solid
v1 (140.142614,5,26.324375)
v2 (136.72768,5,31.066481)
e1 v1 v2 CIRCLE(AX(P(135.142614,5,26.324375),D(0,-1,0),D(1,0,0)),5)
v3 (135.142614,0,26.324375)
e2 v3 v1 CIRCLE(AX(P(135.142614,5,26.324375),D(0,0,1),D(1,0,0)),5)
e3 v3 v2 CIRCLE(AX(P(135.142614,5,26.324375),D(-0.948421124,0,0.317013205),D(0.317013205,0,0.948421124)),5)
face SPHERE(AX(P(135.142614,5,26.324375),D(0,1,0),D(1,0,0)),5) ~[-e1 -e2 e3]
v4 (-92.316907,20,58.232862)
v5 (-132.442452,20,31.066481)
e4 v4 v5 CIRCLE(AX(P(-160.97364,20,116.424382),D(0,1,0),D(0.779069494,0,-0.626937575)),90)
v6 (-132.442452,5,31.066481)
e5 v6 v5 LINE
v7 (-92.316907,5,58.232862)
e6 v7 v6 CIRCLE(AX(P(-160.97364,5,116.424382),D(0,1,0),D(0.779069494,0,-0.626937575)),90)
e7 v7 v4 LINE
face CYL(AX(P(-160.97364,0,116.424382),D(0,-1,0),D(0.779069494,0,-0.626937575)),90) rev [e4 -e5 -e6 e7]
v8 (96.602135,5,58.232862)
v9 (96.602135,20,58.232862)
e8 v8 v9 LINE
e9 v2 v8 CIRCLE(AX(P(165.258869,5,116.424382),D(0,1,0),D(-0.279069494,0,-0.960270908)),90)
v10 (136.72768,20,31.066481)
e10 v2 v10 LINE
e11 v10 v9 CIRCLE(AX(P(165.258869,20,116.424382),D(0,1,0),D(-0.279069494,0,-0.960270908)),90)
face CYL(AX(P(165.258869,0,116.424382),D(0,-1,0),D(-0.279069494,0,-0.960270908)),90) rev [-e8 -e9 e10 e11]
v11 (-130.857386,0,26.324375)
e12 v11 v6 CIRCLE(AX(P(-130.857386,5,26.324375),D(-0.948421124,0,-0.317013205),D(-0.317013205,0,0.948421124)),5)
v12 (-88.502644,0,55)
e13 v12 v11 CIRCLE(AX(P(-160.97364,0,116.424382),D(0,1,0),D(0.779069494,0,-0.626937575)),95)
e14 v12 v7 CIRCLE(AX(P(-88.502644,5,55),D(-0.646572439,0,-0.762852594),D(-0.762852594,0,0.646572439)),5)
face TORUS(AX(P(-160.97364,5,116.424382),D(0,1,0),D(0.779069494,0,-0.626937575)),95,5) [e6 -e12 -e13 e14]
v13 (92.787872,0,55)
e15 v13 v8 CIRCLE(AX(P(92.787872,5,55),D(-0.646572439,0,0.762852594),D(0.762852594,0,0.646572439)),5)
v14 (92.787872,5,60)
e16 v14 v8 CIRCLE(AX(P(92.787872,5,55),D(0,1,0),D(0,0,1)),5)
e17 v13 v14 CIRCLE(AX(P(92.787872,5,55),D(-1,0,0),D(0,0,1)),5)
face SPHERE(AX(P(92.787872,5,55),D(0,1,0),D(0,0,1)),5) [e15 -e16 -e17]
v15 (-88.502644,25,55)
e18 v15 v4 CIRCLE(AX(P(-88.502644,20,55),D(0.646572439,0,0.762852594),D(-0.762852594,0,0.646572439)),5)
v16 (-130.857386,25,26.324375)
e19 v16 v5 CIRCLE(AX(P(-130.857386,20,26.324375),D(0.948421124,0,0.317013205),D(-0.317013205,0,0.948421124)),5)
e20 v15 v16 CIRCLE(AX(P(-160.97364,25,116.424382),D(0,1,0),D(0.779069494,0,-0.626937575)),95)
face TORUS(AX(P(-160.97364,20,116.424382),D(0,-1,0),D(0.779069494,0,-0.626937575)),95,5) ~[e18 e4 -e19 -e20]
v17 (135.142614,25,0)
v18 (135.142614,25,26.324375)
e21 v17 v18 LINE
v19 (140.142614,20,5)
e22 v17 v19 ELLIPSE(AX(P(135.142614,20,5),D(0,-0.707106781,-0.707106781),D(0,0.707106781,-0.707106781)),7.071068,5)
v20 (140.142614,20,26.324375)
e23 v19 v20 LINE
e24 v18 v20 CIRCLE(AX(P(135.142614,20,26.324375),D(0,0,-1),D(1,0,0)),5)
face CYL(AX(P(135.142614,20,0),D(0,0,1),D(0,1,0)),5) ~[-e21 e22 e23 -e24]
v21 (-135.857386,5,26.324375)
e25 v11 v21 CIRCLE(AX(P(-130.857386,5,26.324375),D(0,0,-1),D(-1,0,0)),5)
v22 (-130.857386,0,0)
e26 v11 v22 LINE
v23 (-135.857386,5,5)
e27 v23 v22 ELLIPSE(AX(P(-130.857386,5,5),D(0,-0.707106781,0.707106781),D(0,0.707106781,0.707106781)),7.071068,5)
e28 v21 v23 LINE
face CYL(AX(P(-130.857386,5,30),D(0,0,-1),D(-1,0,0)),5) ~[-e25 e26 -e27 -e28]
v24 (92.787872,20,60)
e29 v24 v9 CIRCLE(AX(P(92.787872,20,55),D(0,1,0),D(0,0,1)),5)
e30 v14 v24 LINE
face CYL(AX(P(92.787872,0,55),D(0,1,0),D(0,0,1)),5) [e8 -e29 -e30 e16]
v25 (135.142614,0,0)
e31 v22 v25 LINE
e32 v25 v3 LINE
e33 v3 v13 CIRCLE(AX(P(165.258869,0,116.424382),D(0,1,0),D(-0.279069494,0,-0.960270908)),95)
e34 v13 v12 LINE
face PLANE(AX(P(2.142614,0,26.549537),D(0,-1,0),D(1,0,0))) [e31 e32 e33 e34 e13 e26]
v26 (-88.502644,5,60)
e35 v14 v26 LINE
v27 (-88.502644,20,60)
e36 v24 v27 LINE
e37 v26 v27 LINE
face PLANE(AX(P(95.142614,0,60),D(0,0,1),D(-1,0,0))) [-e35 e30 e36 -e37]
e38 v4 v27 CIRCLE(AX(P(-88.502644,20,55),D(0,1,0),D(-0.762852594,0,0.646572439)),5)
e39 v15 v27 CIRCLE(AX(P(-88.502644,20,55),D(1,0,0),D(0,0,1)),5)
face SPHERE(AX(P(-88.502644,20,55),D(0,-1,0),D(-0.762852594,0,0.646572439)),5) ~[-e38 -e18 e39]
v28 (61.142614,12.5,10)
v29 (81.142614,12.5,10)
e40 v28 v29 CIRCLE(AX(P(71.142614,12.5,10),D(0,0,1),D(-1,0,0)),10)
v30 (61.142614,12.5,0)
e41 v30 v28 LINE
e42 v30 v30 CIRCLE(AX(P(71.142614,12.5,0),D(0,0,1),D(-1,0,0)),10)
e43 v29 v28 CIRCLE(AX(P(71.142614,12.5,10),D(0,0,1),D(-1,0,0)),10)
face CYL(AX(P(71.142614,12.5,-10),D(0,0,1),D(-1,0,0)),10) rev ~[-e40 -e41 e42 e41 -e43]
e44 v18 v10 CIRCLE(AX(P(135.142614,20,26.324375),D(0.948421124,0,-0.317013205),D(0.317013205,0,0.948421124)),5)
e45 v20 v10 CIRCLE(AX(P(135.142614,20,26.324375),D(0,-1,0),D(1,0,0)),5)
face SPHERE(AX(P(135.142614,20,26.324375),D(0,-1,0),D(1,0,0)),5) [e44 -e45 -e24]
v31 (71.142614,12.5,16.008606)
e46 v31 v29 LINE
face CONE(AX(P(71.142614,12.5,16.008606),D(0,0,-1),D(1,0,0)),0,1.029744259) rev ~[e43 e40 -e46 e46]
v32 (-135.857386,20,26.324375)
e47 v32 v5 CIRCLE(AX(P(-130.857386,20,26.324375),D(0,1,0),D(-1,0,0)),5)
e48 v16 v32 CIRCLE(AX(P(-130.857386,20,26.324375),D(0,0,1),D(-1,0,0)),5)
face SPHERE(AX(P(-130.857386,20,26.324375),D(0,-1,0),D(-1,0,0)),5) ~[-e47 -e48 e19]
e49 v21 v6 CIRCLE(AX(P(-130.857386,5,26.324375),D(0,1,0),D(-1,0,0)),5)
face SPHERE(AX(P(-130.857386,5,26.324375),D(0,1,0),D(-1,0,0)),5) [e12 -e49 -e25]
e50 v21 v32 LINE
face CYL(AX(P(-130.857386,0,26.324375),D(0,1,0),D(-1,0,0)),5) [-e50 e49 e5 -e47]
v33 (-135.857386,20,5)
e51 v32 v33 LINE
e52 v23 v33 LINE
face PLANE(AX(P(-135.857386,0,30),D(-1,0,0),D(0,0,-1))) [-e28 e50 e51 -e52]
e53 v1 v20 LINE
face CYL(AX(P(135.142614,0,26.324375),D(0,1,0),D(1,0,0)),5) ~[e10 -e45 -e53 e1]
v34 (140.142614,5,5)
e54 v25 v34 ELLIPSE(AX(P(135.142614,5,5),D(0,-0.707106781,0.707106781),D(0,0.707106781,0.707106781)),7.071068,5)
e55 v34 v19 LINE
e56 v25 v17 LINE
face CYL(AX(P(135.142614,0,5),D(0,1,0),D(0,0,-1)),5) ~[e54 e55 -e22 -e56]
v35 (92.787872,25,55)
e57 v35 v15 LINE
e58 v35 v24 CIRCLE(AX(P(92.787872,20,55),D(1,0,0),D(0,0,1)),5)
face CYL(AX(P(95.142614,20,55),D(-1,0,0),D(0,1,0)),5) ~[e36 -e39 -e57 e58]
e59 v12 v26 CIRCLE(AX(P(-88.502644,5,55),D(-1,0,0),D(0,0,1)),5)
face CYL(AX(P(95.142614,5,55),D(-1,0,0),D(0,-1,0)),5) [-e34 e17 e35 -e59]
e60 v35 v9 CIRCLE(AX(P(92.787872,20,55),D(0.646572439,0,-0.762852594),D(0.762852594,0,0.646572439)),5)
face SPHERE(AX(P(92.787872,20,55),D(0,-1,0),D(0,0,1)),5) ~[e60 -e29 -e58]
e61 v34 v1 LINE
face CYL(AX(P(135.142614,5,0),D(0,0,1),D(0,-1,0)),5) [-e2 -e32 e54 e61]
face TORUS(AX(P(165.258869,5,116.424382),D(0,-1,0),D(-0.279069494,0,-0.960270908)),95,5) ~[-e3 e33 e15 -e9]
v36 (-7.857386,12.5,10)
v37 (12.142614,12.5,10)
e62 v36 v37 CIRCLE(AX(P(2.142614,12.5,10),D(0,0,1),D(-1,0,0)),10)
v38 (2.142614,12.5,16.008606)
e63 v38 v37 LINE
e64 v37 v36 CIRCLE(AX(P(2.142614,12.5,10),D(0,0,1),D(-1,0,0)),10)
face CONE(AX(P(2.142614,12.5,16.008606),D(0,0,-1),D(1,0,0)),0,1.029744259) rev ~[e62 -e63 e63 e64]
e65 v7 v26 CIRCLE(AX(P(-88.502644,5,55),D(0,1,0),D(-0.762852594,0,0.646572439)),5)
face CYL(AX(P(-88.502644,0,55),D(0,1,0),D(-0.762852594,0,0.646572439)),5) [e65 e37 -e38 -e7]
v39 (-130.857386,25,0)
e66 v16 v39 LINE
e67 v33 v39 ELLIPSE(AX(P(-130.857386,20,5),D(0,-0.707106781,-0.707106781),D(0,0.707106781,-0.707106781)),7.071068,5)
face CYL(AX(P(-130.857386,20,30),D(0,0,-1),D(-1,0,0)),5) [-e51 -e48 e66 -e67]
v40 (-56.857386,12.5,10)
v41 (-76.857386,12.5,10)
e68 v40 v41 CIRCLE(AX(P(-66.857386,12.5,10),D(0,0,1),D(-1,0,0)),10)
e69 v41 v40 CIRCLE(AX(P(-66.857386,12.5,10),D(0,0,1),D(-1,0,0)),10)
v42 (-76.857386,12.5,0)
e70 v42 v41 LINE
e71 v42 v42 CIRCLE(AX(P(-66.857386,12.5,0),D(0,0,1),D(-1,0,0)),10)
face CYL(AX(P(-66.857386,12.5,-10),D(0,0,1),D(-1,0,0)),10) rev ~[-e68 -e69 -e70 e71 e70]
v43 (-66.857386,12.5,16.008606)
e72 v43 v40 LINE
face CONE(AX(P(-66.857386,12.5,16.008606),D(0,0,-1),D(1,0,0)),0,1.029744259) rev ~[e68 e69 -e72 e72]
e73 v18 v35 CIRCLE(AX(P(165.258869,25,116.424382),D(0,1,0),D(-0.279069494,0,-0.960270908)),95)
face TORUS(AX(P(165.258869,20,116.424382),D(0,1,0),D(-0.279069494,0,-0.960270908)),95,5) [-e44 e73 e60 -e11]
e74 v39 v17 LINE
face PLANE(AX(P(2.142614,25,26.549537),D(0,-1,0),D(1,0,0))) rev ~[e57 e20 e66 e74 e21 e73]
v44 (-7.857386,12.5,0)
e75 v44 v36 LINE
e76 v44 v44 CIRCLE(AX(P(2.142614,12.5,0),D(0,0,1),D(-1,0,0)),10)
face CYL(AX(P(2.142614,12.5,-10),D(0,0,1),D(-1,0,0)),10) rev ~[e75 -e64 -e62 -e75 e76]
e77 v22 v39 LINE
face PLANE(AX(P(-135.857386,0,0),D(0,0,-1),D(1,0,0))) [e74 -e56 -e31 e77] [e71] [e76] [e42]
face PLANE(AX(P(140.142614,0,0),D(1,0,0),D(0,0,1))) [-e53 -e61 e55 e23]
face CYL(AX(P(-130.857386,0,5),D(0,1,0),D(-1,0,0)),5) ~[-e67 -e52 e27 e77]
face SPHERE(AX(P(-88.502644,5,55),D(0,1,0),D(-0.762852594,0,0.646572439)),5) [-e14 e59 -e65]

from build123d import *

# Parameters (mm, degrees)
F1_DEPTH = 25
F3_D     = 20
F3_DEPTH = 10
F3_TIP   = 6.0086061903
F4_R     = 5


with BuildPart() as f1:
    # F0 (on Front) → F1 (new body)
    with BuildSketch(Plane.XZ):
        with BuildLine():
            Line((-135.8573855514, 30), (-135.8573855514, 0))
            Line((-135.8573855514, 0), (140.1426144486, 0))
            Line((140.1426144486, 0), (140.1426144486, 30))
            ThreePointArc((140.1426144486, 30), (115.3358512852, 41.5398552549), (95.1426144486, 60))
            Line((95.1426144486, 60), (-90.8573855514, 60))
            ThreePointArc((-90.8573855514, 60), (-111.0506223879, 41.5398552549), (-135.8573855514, 30))
        make_face()
    extrude(amount=-F1_DEPTH)

    # F3
    with Locations(Plane(origin=(0, 0, 0), x_dir=(1, 0, 0), z_dir=(0, 0, -1))):
        with Locations((-66.8573855514, -12.5), (2.1426144486, -12.5), (71.1426144486, -12.5)):
            Hole(F3_D / 2, depth=F3_DEPTH)
            with Locations((0, 0, -(F3_DEPTH + F3_TIP / 2))):  # 118° drill point
                Cone(0, F3_D / 2, F3_TIP, mode=Mode.SUBTRACT)

    # F4
    f4_edges = [f1.edges().sort_by_distance(p)[0] for p in [
        (140.142614, 12.5, 0),
        (140.142614, 12.5, 30),
        (140.142614, 0, 15),
        (140.142614, 25, 15),
        (-135.857386, 12.5, 30),
        (-135.857386, 12.5, 0),
        (-135.857386, 0, 15),
        (-135.857386, 25, 15),
        (-90.857386, 12.5, 60),
        (-111.050622, 0, 41.539855),
        (-111.050622, 25, 41.539855),
        (95.142614, 12.5, 60),
        (2.142614, 0, 60),
        (2.142614, 25, 60),
        (115.335851, 0, 41.539855),
        (115.335851, 25, 41.539855),
    ]]
    fillet(f4_edges, radius=F4_R)


solid = f1.part
